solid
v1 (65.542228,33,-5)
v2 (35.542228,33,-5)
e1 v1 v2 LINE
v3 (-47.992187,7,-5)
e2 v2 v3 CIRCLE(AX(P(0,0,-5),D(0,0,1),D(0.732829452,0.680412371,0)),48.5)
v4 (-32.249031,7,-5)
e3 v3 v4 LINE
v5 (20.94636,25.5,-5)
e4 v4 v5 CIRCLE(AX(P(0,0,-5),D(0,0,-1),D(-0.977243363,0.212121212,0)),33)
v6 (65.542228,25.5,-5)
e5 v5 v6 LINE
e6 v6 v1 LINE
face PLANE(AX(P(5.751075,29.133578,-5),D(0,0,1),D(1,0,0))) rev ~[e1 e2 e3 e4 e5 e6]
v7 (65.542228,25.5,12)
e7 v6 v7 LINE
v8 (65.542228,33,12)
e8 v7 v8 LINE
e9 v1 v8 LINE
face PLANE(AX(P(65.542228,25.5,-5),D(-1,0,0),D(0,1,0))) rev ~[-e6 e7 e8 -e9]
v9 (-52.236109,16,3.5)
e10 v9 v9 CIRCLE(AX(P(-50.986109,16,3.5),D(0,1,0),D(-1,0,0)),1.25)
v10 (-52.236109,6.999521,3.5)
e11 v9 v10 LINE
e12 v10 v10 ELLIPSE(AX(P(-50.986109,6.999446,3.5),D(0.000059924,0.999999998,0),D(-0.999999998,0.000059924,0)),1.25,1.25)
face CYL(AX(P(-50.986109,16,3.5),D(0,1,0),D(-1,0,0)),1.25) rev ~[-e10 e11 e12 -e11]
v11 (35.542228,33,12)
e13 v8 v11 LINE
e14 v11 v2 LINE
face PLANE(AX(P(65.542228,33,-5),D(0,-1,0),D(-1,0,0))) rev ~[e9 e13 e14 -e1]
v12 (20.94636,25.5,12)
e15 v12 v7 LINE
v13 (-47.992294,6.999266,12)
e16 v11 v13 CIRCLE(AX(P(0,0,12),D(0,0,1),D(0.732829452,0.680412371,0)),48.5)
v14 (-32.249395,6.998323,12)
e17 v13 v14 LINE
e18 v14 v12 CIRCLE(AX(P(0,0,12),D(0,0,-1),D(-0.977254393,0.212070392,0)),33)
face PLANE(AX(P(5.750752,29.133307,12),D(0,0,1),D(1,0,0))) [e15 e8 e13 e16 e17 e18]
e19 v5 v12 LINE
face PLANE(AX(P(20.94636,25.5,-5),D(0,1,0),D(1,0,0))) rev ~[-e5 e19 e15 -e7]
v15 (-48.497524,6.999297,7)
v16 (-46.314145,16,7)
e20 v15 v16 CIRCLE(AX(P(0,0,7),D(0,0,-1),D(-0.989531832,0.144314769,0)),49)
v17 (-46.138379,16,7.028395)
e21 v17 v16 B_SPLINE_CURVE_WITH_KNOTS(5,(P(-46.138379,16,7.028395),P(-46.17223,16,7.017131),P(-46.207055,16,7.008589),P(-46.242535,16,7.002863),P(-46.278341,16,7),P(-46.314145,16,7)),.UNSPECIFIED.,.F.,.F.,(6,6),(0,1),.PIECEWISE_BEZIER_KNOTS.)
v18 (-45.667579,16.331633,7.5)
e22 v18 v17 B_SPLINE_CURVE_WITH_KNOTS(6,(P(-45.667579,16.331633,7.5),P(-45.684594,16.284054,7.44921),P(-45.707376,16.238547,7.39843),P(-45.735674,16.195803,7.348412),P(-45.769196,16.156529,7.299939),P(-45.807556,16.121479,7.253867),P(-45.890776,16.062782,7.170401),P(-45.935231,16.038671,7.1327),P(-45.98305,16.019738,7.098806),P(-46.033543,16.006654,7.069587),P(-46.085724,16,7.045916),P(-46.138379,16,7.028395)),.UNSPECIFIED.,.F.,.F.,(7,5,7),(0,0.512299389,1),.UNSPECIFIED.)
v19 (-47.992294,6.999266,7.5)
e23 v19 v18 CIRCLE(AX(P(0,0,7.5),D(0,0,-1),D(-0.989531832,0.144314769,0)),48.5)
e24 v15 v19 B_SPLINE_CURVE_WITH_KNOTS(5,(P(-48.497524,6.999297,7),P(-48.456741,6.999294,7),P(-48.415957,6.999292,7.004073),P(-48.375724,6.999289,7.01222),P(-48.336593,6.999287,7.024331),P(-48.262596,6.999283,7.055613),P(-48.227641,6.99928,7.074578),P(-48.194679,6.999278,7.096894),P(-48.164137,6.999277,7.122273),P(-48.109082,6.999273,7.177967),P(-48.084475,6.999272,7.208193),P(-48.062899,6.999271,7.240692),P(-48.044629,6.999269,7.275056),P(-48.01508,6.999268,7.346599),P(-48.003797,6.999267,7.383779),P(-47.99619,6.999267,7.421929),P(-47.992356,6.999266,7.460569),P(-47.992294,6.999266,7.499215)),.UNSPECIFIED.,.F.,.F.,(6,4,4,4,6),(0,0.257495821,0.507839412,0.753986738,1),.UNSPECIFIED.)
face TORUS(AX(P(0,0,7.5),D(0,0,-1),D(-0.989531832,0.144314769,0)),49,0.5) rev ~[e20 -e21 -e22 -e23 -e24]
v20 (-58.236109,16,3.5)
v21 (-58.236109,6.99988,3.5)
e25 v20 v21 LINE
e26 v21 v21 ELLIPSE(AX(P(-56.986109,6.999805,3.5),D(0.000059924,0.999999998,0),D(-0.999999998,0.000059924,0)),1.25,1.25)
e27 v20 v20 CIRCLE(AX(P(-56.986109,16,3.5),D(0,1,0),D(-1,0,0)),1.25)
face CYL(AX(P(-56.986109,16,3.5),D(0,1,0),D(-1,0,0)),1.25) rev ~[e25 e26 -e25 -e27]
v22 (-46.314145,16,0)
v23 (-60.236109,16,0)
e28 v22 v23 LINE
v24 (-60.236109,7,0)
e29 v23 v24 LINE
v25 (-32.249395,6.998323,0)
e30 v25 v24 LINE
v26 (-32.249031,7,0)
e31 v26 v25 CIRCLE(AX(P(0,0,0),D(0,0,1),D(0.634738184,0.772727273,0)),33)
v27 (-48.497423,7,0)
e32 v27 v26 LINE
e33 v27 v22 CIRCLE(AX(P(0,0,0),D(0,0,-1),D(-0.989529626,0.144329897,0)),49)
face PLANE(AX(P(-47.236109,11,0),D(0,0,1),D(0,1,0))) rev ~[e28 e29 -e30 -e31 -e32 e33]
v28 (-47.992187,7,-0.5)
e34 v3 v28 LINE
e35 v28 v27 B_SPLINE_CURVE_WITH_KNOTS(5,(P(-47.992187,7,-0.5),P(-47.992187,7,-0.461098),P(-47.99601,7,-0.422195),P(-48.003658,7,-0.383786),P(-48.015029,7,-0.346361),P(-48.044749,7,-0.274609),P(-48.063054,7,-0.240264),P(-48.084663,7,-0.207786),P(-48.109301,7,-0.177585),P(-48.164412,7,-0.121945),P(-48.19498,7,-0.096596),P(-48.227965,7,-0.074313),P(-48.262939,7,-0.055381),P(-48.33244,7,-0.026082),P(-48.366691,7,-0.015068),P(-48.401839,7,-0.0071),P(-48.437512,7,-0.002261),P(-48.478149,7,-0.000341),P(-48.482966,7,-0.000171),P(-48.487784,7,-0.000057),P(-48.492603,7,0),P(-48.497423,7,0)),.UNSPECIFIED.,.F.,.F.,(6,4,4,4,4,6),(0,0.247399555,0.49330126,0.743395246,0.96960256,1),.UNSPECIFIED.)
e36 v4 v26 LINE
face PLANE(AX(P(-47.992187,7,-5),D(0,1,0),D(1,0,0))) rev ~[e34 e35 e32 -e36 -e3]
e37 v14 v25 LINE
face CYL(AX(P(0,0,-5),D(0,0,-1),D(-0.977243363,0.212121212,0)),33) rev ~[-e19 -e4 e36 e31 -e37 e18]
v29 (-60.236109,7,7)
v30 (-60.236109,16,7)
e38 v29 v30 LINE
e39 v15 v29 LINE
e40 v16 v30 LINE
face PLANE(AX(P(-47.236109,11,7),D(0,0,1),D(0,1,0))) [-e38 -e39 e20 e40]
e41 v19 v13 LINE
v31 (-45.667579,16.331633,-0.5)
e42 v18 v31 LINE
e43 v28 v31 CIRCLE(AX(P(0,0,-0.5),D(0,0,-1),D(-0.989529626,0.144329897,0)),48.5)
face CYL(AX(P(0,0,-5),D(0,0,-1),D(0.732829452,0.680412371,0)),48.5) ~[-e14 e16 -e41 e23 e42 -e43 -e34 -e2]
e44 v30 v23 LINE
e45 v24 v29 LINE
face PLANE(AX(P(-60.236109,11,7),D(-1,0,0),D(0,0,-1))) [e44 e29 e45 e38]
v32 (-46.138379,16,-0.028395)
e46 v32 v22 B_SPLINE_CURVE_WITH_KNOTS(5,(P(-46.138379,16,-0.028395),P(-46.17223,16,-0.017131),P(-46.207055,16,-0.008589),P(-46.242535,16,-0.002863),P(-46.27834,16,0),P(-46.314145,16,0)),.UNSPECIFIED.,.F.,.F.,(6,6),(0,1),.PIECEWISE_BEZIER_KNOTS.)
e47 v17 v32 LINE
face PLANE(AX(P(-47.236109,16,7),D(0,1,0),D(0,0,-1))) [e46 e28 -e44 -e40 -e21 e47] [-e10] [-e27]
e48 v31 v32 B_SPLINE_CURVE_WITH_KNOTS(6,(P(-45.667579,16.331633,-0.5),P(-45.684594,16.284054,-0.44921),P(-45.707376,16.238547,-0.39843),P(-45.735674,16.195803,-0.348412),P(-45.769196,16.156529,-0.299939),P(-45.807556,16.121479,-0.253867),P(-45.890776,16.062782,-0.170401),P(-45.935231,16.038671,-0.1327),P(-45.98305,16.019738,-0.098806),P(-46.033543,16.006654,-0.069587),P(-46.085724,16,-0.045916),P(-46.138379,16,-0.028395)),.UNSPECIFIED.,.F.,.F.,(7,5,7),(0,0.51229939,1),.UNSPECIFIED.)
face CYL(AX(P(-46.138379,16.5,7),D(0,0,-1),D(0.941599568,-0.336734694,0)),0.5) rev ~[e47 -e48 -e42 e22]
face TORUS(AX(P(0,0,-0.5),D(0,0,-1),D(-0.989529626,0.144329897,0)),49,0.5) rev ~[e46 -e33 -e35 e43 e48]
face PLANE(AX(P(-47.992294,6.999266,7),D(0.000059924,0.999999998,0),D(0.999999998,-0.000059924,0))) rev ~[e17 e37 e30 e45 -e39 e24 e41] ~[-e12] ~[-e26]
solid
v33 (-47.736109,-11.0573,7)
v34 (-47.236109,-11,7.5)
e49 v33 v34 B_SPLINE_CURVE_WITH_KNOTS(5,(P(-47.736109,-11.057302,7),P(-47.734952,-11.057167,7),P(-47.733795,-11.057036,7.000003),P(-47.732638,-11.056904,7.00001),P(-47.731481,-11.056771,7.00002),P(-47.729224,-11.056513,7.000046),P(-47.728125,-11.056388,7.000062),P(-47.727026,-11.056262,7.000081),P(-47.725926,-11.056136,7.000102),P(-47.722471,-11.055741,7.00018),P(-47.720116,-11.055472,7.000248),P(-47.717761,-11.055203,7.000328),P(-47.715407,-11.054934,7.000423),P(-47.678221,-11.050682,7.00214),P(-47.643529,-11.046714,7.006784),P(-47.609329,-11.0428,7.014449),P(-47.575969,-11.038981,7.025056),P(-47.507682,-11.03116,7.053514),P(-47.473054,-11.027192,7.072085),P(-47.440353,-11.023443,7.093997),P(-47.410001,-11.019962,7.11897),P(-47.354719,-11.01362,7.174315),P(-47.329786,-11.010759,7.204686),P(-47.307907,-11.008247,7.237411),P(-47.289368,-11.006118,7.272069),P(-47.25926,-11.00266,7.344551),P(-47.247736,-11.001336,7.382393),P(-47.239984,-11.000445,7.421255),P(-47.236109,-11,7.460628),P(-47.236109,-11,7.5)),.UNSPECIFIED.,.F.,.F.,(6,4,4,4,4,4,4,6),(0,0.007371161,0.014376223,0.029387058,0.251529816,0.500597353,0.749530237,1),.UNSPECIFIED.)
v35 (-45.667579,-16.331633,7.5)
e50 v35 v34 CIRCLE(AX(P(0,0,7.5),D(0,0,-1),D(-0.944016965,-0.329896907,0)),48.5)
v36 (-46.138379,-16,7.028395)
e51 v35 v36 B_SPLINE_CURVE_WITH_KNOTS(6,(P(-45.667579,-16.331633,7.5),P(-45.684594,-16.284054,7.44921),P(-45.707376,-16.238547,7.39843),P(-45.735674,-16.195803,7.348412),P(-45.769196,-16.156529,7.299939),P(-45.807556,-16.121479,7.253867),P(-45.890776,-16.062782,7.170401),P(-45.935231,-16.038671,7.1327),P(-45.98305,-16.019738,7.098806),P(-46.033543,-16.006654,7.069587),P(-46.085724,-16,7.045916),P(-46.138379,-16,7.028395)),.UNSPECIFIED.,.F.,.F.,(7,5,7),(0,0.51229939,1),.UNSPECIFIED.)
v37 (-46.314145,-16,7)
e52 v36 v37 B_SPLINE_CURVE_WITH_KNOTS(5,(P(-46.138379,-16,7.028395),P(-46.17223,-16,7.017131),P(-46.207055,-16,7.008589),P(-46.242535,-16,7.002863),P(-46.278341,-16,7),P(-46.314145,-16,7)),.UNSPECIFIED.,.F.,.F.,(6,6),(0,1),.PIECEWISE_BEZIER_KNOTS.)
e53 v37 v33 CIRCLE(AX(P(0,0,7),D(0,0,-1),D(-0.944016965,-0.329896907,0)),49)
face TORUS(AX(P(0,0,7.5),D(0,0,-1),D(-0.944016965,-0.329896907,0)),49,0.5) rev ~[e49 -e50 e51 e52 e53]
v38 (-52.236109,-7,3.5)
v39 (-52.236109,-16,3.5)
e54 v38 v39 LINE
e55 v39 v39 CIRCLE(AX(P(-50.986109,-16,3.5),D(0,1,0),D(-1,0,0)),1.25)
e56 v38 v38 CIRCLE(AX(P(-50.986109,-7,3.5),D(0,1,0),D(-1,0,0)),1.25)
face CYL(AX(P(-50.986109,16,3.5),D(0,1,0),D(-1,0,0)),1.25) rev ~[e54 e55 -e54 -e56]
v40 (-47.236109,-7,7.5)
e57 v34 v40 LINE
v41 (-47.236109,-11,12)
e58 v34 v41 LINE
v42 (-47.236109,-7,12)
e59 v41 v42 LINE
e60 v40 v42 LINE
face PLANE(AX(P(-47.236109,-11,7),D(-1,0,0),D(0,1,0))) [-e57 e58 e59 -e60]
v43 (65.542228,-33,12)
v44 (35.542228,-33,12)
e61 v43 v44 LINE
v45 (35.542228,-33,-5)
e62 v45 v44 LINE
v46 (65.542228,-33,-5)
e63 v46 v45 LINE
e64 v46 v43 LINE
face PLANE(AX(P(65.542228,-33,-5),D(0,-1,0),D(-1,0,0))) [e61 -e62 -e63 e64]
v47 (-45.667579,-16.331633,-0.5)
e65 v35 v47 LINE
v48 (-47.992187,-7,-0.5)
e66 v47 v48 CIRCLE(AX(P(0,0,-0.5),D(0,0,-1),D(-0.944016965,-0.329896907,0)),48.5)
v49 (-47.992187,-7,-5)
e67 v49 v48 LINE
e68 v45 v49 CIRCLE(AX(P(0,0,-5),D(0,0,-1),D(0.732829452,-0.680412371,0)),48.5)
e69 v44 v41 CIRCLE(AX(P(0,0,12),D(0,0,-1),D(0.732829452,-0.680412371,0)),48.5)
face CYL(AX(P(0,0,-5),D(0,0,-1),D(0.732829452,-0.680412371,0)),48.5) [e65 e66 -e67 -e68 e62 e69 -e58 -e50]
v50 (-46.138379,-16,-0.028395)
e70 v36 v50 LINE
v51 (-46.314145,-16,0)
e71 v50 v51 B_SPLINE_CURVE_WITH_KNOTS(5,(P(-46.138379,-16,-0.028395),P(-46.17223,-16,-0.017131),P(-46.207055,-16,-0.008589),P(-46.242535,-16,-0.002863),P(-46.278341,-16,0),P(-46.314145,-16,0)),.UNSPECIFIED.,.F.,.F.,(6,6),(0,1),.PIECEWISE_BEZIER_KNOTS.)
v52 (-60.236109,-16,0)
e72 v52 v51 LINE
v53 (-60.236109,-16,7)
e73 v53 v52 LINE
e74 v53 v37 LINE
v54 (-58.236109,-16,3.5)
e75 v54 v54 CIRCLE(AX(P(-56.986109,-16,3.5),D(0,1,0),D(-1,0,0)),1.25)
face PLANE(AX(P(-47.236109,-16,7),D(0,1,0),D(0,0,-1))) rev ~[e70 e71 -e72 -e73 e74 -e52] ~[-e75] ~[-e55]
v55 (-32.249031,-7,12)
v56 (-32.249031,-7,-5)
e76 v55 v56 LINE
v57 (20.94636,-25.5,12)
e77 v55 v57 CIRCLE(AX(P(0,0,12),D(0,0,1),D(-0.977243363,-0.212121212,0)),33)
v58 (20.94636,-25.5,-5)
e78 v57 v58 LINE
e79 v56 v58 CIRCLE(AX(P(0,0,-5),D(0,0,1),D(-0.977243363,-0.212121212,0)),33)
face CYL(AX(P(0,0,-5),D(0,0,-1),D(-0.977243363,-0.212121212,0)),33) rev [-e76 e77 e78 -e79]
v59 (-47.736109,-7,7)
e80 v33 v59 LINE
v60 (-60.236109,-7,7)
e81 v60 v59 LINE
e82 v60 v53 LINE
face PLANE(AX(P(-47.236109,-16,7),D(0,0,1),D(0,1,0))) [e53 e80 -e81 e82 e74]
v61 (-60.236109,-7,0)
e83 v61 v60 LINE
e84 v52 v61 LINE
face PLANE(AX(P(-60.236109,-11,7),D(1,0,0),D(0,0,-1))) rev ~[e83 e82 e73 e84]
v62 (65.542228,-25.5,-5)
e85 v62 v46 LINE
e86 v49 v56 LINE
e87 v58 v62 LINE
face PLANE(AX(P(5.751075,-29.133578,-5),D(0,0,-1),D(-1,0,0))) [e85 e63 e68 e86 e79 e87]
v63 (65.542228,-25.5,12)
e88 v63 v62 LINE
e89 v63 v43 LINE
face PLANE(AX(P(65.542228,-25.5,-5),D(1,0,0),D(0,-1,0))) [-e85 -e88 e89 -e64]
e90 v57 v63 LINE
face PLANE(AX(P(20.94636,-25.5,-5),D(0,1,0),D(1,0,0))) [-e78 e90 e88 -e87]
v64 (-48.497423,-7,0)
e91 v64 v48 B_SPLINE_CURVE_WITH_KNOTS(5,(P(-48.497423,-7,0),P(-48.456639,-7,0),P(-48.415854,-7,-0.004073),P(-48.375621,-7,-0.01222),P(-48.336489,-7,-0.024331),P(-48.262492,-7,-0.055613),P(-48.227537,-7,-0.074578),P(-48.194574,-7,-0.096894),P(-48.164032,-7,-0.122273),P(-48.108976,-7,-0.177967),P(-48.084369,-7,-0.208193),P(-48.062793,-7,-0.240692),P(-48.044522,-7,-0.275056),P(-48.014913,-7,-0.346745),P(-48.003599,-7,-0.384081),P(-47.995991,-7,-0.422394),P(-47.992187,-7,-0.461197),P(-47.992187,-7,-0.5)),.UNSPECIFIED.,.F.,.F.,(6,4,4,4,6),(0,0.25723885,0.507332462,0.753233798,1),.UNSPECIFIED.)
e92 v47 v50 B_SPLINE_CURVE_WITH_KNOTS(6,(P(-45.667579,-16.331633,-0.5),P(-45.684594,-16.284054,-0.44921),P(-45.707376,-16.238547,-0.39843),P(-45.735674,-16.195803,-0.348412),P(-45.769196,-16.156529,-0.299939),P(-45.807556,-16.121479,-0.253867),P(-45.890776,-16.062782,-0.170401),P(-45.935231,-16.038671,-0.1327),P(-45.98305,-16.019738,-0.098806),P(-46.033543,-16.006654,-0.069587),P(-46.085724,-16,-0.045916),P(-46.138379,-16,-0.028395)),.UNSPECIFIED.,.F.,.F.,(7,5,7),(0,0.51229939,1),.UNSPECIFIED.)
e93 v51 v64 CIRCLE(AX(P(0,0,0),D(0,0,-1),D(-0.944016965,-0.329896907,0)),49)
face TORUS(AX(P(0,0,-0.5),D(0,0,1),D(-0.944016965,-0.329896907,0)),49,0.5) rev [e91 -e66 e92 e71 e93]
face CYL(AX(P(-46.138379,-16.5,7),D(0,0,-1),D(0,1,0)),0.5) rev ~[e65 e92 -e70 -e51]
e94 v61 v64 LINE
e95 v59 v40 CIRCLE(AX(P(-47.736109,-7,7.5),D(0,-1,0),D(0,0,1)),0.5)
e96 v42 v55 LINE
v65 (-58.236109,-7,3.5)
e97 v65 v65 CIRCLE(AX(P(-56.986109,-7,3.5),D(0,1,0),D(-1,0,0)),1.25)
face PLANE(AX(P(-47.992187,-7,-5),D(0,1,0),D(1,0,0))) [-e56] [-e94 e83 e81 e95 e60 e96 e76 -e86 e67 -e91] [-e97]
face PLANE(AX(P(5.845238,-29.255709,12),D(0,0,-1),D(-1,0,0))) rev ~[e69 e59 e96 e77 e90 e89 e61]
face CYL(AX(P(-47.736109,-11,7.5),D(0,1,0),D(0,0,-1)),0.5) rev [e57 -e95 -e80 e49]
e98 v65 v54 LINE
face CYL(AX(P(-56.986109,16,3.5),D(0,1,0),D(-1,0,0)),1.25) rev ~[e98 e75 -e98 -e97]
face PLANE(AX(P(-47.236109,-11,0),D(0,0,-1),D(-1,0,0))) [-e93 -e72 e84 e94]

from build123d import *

# Parameters (mm, degrees)
BOSS_EXTRUDE1_DEPTH   = 7
BOSS_EXTRUDE1_2_DEPTH = 7
BOSS_EXTRUDE2_DEPTH   = 5
BOSS_EXTRUDE3_START   = 5
BOSS_EXTRUDE3_DEPTH   = 5
SKETCH9_W             = 13
SKETCH9_H             = 7.000000000000001
BOSS_EXTRUDE4_DEPTH   = 5
SKETCH10_W            = 13
SKETCH10_H            = 7.000000000000001
BOSS_EXTRUDE5_DEPTH   = 5
CUT_EXTRUDE2_REACH    = 94.736
SKETCH11_R            = 1.2499999999999976
SKETCH11_R_2          = 1.2500000000000044
BOSS_EXTRUDE6_REACH   = 125.35
SKETCH12_W            = 7.000000000000001
SKETCH12_H            = 5
FILLET3_R             = 0.5
FILLET4_R             = 0.5


with BuildPart() as part:
    # Sketch1 → Boss-Extrude1 (new body)
    with BuildSketch(Plane.XY):
        with BuildLine():
            ThreePointArc((20.94636006565342, 25.5), (-10.840556403898217, 31.168611404005503), (-32.249394973924254, 6.99832292880438))
            Line((-32.249394973924254, 6.99832292880438), (-60.23610906922786, 6.999999999999992))
            Line((-60.23610906922786, 6.999999999999992), (-60.23610906922786, 10.999999999999993))
            Line((-60.23610906922786, 10.999999999999993), (-47.23610906922786, 11))
            ThreePointArc((-47.23610906922786, 11), (-12.457395845309785, 46.872841697013044), (35.54222840509562, 33))
            Line((35.54222840509562, 33), (65.54222840509566, 33.00000000000006))
            Line((65.54222840509566, 33.00000000000006), (65.54222840509566, 25.5))
            Line((65.54222840509566, 25.5), (20.94636006565342, 25.5))
        make_face()
    extrude(amount=BOSS_EXTRUDE1_DEPTH)



with BuildPart() as body_2:
    # Sketch1 → Boss-Extrude1 2 (new body)
    with BuildSketch(Plane.XY):
        with BuildLine():
            ThreePointArc((-32.24903099319419, -7.000000000000025), (-10.839745962155684, -31.16889326678009), (20.94636006565327, -25.500000000000124))
            Line((20.94636006565327, -25.500000000000124), (65.54222840509566, -25.5))
            Line((65.54222840509566, -25.5), (65.54222840509566, -33))
            Line((65.54222840509566, -33), (35.54222840509578, -33))
            ThreePointArc((35.54222840509578, -33), (-12.45739584530974, -46.8728416970131), (-47.23610906922786, -10.99999999999999))
            Line((-47.23610906922786, -10.99999999999999), (-60.23610906922786, -11.000000000000007))
            Line((-60.23610906922786, -11.000000000000007), (-60.23610906922786, -7.000000000000008))
            Line((-60.23610906922786, -7.000000000000008), (-32.24903099319419, -7.000000000000025))
        make_face()
    extrude(amount=BOSS_EXTRUDE1_2_DEPTH)


with BuildPart() as part_1:
    add(part.part)

    add(body_2.part)  # Boss-Extrude2 merges body 2
    # Sketch7 → Boss-Extrude2 (add)
    with BuildSketch(Plane.XY.offset(7)):
        with BuildLine():
            Line((-47.23610906922786, -10.99999999999999), (-47.23610906922786, -7.000000000000016))
            Line((-47.23610906922786, -7.000000000000016), (-32.24903099319419, -7.000000000000025))
            ThreePointArc((-32.24903099319419, -7.000000000000025), (-10.839745962155684, -31.16889326678009), (20.94636006565327, -25.500000000000124))
            Line((20.94636006565327, -25.500000000000124), (65.54222840509566, -25.5))
            Line((65.54222840509566, -25.5), (65.54222840509566, -33))
            Line((65.54222840509566, -33), (35.54222840509578, -33))
            ThreePointArc((35.54222840509578, -33), (-12.45739584530974, -46.8728416970131), (-47.23610906922786, -10.99999999999999))
        make_face()
        with BuildLine():
            Line((20.94636006565342, 25.5), (65.54222840509566, 25.5))
            Line((65.54222840509566, 25.5), (65.54222840509566, 33.00000000000006))
            Line((65.54222840509566, 33.00000000000006), (35.54222840509562, 33))
            ThreePointArc((35.54222840509562, 33), (-14.413901995191612, 46.30863234077419), (-47.99229387318852, 6.999266303656799))
            Line((-47.99229387318852, 6.999266303656799), (-32.249394973924254, 6.998322928804379))
            ThreePointArc((-32.249394973924254, 6.998322928804379), (-10.840556403898217, 31.168611404005503), (20.94636006565342, 25.5))
        make_face()
    extrude(amount=BOSS_EXTRUDE2_DEPTH)

    # Sketch8 → Boss-Extrude3 (add)
    with BuildSketch(Plane(origin=(0, 0, 0), x_dir=(-1, 0, 0), z_dir=(0, 0, -1)).offset(BOSS_EXTRUDE3_START)):
        with BuildLine():
            ThreePointArc((32.24903099319419, 7.000000000000025), (10.839745962155687, 31.16889326678009), (-20.94636006565327, 25.500000000000124))
            Line((-20.94636006565327, 25.500000000000124), (-65.54222840509566, 25.5))
            Line((-65.54222840509566, 25.5), (-65.54222840509566, 33))
            Line((-65.54222840509566, 33), (-35.54222840509565, 32.999999999999986))
            ThreePointArc((-35.54222840509565, 32.999999999999986), (14.41354801594032, 46.30874251793252), (47.9921868641135, 7.000000000000016))
            Line((47.9921868641135, 7.000000000000016), (32.24903099319419, 7.000000000000025))
        make_face()
        with BuildLine():
            Line((47.9921868641135, -7.000000000000016), (32.24903099319419, -7.000000000000025))
            ThreePointArc((32.2490309931942, -7.000000000000025), (10.839745962155696, -31.168893266780103), (-20.946360065653273, -25.500000000000128))
            Line((-20.94636006565327, -25.500000000000124), (-65.54222840509566, -25.5))
            Line((-65.54222840509566, -25.5), (-65.54222840509566, -33))
            Line((-65.54222840509566, -33), (-35.54222840509565, -32.999999999999986))
            ThreePointArc((-35.54222840509565, -32.999999999999986), (12.457395845309772, -46.87284169701305), (47.23610906922784, -10.999999999999988))
            ThreePointArc((47.23610906922784, -10.999999999999988), (47.656133777217065, -9.007936134763595), (47.9921868641135, -7.000000000000023))
        make_face()
    extrude(amount=-BOSS_EXTRUDE3_DEPTH)

    # Sketch9 → Boss-Extrude4 (add)
    with BuildSketch(Plane(origin=(-5.87e-15, 11.000000000000025, 0), x_dir=(1, 5.3e-16, 0), z_dir=(-5.3e-16, 1, 0))):
        with Locations((-53.73610906922785, -3.5000000000000004)):
            Rectangle(SKETCH9_W, SKETCH9_H)
    extrude(amount=BOSS_EXTRUDE4_DEPTH)

    # Sketch10 → Boss-Extrude5 (add)
    with BuildSketch(Plane(origin=(1.468e-14, -10.999999999999927, 0), x_dir=(-1, -1.33e-15, 0), z_dir=(1.33e-15, -1, 0))):
        with Locations((53.73610906922787, -3.5000000000000004)):
            Rectangle(SKETCH10_W, SKETCH10_H)
    extrude(amount=BOSS_EXTRUDE5_DEPTH)

    # Cut-Extrude2: up to this face of the body (flat: up to its plane)
    cut_extrude2_end = Plane(part_1.part.faces().sort_by_distance((-53.736109069, -16, 3.5))[0])
    # Sketch11 → Cut-Extrude2 (cut, up to the picked face)
    with BuildSketch(Plane(origin=(-8.54e-15, 16.000000000000025, 0), x_dir=(1, 5.3e-16, 0), z_dir=(-5.3e-16, 1, 0)), mode=Mode.PRIVATE) as cut_extrude2_sk1:
        with Locations(Location((-56.986109069227844, -3.5000000000000018, 0), (0, 0, 180))):
            Circle(SKETCH11_R)
    cut_extrude2_tool1 = split(extrude(cut_extrude2_sk1.sketch, amount=-CUT_EXTRUDE2_REACH, mode=Mode.PRIVATE), bisect_by=cut_extrude2_end, keep=Keep.BOTH, mode=Mode.PRIVATE)
    # Sketch11 → Cut-Extrude2 (cut, up to the picked face)
    with BuildSketch(Plane(origin=(-8.54e-15, 16.000000000000025, 0), x_dir=(1, 5.3e-16, 0), z_dir=(-5.3e-16, 1, 0)), mode=Mode.PRIVATE) as cut_extrude2_sk2:
        with Locations(Location((-50.98610906922785, -3.5000000000000004, 0), (0, 0, 180))):
            Circle(SKETCH11_R_2)
    cut_extrude2_tool2 = split(extrude(cut_extrude2_sk2.sketch, amount=-CUT_EXTRUDE2_REACH, mode=Mode.PRIVATE), bisect_by=cut_extrude2_end, keep=Keep.BOTH, mode=Mode.PRIVATE)
    add(cut_extrude2_tool1.solids().sort_by(Axis((-56.986109, 16, 3.5), (5.3e-16, -1, 0)))[0], mode=Mode.SUBTRACT)
    add(cut_extrude2_tool2.solids().sort_by(Axis((-50.986109, 16, 3.5), (5.3e-16, -1, 0)))[0], mode=Mode.SUBTRACT)

    # Sketch12 → Boss-Extrude6 (add, up to next)
    with BuildSketch(Plane(origin=(-47.23610906922785, -2.521e-14, 0), x_dir=(0, 0, -1), z_dir=(1, 5.3e-16, 0)), mode=Mode.PRIVATE) as boss_extrude6_sk1:
        with Locations((-3.5000000000000004, -13.500000000000025)):
            Rectangle(SKETCH12_W, SKETCH12_H)
    boss_extrude6_tool1 = extrude(boss_extrude6_sk1.sketch, amount=BOSS_EXTRUDE6_REACH, mode=Mode.PRIVATE) - part_1.part
    # Sketch12 → Boss-Extrude6 (add, up to next)
    with BuildSketch(Plane(origin=(-47.23610906922785, -2.521e-14, 0), x_dir=(0, 0, -1), z_dir=(1, 5.3e-16, 0)), mode=Mode.PRIVATE) as boss_extrude6_sk2:
        with Locations((-3.5000000000000004, 13.500000000000025)):
            Rectangle(SKETCH12_W, SKETCH12_H)
    boss_extrude6_tool2 = extrude(boss_extrude6_sk2.sketch, amount=BOSS_EXTRUDE6_REACH, mode=Mode.PRIVATE) - part_1.part
    add(boss_extrude6_tool1.solids().sort_by_distance((-47.236109, -13.5, 3.5))[0])
    add(boss_extrude6_tool2.solids().sort_by_distance((-47.236109, 13.5, 3.5))[0])

    # Fillet3
    fillet3_edges = [part_1.edges().sort_by_distance(p)[0] for p in [
        (-47.104035976259524, 11.552480025831594, 7),
        (-47.10394766881262, 11.552840084314855, 0),
        (-45.784822812805444, 15.999999999999996, 3.5),
    ]]
    fillet(fillet3_edges, radius=FILLET3_R)

    # Fillet4
    fillet4_edges = [part_1.edges().sort_by_distance(p)[0] for p in [
        (-45.78482281280543, -16.000000000000046, 3.5),
        (-46.5776066586774, -13.5194880801575, 7),
        (-47.23610906922786, -9.000000000000004, 7),
        (-47.10394766881262, -11.552840084314882, 0),
    ]]
    fillet(fillet4_edges, radius=FILLET4_R)


solid = part_1.part
